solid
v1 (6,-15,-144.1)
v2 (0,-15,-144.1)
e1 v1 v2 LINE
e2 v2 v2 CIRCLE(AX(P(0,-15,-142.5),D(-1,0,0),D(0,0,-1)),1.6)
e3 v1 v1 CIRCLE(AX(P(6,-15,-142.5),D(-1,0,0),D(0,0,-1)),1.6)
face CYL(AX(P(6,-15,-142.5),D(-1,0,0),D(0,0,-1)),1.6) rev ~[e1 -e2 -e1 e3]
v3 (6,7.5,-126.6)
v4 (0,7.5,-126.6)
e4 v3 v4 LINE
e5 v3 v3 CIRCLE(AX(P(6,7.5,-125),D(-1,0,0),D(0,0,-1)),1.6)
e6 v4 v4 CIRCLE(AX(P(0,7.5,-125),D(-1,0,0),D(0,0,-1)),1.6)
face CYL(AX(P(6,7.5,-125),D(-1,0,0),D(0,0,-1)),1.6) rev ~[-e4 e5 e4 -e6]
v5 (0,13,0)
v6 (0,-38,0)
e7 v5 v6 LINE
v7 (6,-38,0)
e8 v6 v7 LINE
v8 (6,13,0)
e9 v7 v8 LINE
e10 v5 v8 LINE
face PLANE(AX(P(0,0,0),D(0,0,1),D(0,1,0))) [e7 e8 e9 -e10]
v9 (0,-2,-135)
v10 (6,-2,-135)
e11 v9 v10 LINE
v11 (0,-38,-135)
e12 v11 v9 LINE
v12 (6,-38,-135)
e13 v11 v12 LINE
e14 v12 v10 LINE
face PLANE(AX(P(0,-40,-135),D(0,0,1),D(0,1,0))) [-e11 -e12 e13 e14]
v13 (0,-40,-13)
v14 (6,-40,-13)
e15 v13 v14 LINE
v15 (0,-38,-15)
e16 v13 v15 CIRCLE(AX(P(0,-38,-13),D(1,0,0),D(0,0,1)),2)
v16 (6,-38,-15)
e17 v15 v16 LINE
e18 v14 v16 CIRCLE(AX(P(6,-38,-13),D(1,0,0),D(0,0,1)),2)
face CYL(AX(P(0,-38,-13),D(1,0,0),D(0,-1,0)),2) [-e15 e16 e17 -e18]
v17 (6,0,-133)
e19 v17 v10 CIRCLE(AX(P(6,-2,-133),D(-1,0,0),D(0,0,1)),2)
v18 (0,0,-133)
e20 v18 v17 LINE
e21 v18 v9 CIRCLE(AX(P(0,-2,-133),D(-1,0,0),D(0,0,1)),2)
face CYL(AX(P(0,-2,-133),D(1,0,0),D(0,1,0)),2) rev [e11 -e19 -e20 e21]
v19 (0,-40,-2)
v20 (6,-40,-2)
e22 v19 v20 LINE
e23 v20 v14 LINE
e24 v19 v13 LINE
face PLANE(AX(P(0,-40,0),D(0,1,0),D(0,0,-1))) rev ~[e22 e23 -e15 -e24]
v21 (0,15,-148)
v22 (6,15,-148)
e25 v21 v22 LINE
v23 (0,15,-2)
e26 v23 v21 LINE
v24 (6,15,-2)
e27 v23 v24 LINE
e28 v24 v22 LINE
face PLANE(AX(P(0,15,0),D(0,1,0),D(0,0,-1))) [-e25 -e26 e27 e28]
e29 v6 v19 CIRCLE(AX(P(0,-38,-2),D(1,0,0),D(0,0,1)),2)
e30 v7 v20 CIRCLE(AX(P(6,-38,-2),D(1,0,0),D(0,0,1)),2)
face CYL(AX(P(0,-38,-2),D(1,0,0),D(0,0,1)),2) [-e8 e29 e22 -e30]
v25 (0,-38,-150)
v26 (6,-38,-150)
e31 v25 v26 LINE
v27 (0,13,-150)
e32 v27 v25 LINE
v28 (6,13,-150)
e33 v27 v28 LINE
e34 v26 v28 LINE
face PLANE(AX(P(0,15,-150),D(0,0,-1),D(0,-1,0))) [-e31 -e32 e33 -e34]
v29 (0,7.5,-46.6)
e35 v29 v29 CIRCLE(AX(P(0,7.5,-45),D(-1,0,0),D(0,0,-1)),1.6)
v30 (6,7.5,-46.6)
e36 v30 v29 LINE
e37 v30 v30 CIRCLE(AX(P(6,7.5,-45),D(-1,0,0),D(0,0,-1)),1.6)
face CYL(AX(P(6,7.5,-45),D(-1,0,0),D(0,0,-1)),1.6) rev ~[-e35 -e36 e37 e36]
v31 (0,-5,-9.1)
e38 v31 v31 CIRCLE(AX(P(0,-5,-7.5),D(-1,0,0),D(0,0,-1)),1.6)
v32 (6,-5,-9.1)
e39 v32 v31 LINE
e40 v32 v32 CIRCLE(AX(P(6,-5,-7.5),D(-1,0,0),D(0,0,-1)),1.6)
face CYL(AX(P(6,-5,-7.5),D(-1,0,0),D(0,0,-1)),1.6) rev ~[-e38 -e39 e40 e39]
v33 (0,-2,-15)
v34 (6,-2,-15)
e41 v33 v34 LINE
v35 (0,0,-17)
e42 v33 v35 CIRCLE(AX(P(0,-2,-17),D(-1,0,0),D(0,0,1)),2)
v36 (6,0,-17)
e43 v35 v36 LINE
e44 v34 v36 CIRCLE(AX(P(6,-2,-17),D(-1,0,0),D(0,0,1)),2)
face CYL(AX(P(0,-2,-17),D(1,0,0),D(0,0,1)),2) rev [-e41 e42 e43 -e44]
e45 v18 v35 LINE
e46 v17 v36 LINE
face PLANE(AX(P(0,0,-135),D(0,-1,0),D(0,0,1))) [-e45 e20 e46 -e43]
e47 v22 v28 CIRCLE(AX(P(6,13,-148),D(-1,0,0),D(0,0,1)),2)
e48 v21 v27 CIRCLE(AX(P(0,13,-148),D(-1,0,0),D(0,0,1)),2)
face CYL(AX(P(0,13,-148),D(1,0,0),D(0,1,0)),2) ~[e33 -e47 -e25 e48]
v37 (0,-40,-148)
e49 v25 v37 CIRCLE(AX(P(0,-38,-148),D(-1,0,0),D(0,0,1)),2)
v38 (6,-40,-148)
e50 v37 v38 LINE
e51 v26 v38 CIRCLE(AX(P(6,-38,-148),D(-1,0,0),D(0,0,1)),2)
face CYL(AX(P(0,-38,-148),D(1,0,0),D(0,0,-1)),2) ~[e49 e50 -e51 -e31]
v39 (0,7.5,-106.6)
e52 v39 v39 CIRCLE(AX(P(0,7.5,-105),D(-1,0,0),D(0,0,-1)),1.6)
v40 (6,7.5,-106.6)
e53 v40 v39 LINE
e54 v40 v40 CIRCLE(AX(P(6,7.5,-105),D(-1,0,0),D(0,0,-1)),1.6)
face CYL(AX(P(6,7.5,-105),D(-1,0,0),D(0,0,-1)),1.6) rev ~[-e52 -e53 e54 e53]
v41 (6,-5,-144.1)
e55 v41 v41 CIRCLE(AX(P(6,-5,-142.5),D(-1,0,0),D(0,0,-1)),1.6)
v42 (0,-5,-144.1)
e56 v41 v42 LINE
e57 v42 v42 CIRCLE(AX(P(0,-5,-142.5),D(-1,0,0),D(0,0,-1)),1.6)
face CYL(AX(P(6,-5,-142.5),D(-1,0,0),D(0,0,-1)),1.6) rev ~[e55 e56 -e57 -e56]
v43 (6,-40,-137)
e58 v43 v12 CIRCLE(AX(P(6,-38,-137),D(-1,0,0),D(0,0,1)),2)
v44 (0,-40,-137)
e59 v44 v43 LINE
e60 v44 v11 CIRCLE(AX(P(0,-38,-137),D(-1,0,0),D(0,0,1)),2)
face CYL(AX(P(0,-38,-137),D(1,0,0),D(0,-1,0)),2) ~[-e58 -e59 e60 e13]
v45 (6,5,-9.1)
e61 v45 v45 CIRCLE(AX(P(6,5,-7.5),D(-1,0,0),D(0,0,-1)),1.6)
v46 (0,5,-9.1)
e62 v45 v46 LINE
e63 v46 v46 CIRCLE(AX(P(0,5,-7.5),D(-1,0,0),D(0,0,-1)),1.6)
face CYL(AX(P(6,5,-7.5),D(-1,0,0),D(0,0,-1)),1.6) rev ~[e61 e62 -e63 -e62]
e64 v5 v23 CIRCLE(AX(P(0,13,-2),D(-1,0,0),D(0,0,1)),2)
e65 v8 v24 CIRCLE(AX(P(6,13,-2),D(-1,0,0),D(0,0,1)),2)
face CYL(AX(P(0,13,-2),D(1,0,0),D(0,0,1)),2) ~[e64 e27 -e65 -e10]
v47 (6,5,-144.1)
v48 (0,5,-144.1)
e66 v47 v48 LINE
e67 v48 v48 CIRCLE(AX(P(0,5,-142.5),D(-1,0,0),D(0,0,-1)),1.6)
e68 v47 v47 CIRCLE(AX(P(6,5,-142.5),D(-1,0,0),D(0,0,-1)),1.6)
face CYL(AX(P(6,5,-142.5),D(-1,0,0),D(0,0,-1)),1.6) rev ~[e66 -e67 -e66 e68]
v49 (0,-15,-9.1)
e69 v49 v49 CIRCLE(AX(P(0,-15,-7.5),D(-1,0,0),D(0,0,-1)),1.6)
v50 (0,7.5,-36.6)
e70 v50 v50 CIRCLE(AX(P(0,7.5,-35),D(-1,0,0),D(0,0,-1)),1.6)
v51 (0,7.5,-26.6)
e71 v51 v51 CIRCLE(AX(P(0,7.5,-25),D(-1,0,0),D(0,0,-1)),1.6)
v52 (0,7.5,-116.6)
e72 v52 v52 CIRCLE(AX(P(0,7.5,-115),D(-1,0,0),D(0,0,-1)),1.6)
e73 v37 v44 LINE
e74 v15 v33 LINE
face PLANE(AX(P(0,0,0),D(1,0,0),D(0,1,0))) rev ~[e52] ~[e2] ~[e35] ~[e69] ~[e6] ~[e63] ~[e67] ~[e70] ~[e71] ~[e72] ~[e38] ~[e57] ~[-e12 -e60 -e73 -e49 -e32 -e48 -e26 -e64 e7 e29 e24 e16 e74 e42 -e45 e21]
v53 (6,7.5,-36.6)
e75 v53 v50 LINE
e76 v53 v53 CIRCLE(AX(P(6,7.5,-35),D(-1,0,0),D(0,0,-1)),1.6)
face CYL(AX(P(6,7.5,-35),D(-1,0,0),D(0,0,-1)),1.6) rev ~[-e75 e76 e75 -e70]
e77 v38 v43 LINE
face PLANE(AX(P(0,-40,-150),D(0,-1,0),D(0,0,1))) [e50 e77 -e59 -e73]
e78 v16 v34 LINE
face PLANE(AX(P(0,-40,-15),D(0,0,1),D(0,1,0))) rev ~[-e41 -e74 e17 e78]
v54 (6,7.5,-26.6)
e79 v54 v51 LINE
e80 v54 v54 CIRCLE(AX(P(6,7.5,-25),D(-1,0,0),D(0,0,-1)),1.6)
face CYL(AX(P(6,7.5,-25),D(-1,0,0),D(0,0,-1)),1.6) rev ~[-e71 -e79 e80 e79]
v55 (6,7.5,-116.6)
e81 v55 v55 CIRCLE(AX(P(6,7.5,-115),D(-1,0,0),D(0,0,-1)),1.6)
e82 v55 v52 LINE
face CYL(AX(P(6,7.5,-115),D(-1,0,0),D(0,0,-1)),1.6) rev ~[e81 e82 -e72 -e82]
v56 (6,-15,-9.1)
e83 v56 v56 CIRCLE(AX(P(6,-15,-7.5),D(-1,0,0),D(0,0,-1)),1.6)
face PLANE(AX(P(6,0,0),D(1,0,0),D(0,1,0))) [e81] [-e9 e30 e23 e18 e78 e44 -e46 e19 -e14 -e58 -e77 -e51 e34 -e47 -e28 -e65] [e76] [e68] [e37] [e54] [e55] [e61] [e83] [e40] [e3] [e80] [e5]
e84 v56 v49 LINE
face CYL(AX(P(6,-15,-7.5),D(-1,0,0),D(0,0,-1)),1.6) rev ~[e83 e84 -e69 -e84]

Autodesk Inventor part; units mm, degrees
ref_plane "YZ Plane" through (0, 0, 0) normal (1, 0, 0) x (0, 1, 0)
ref_plane "XZ Plane" through (0, 0, 0) normal (0, 1, 0) x (-1, 0, 0)
ref_plane "XY Plane" through (0, 0, 0) normal (0, 0, 1) x (1, 0, 0)
sketch "スケッチ1" plane through (0, 0, 0) normal (1, 0, 0) x (0, 1, 0)
  line L0 (0, 0) -> (15, 0)
  line L1 (15, 0) -> (15, -150)
  line L2 (15, -150) -> (0, -150)
  line L3 (0, -150) -> (0, 0)
  line L4 (0, 0) -> (-40, 0)
  line L5 (-40, 0) -> (-40, -15)
  line L6 (-40, -15) -> (0, -15)
  line L7 (0, -15) -> (0, 0)
  line L8 (0, -150) -> (-40, -150)
  line L9 (-40, -150) -> (-40, -135)
  line L10 (-40, -135) -> (0, -135)
  line L11 (0, -135) -> (0, -150)
  dimension "d0" = 15
  dimension "d1" = 150
  dimension "d2" = 40
  dimension "d3" = 15
  dimension "d4" = 40
  dimension "d5" = 15
extrude "押し出し1" add sketch "スケッチ1" along normal blind 6
sketch "スケッチ2" plane through (6, 0, 0) normal (1, 0, 0) x (0, 0, -1)
  line L0 (150, 15) -> (0, 15) projected
  line L1 (0, 15) -> (0, -40) projected
  line L2 (75, 15) -> (75, -40) construction
  point P0 (0, 0)
  point P1 (7.5, 5)
  point P2 (7.5, -5)
  point P3 (7.5, -15)
  point P4 (25, 7.5)
  point P5 (35, 7.5)
  point P6 (45, 7.5)
  point P7 (142.5, 5)
  point P8 (142.5, -5)
  point P9 (142.5, -15)
  point P10 (125, 7.5)
  point P11 (115, 7.5)
  point P12 (105, 7.5)
  dimension "d8" = 10
  dimension "d9" = 7.5
  dimension "d10" = 10
  dimension "d11" = 10
  dimension "d12" = 7.5
  dimension "d13" = 25
  dimension "d14" = 10
  dimension "d15" = 10
hole "穴1" at (6, 5, -7.5) at (6, -5, -7.5) at (6, -15, -7.5) at (6, 7.5, -25) at (6, 7.5, -35) at (6, 7.5, -45) at (6, -15, -142.5) at (6, -5, -142.5) at (6, 5, -142.5) at (6, 7.5, -125) at (6, 7.5, -115) at (6, 7.5, -105) direction (-1, 0, 0) diameter 3.2 end through all
fillet "フィレット1" radius 2 8 edges at (3, 15, 0) (3, -40, -135) (3, 15, -150) (3, -40, -150) (3, 0, -15) (3, -40, -15) (3, -40, 0) (3, 0, -135)
properties part number "射出_受け身" material "アセタール樹脂、白"
